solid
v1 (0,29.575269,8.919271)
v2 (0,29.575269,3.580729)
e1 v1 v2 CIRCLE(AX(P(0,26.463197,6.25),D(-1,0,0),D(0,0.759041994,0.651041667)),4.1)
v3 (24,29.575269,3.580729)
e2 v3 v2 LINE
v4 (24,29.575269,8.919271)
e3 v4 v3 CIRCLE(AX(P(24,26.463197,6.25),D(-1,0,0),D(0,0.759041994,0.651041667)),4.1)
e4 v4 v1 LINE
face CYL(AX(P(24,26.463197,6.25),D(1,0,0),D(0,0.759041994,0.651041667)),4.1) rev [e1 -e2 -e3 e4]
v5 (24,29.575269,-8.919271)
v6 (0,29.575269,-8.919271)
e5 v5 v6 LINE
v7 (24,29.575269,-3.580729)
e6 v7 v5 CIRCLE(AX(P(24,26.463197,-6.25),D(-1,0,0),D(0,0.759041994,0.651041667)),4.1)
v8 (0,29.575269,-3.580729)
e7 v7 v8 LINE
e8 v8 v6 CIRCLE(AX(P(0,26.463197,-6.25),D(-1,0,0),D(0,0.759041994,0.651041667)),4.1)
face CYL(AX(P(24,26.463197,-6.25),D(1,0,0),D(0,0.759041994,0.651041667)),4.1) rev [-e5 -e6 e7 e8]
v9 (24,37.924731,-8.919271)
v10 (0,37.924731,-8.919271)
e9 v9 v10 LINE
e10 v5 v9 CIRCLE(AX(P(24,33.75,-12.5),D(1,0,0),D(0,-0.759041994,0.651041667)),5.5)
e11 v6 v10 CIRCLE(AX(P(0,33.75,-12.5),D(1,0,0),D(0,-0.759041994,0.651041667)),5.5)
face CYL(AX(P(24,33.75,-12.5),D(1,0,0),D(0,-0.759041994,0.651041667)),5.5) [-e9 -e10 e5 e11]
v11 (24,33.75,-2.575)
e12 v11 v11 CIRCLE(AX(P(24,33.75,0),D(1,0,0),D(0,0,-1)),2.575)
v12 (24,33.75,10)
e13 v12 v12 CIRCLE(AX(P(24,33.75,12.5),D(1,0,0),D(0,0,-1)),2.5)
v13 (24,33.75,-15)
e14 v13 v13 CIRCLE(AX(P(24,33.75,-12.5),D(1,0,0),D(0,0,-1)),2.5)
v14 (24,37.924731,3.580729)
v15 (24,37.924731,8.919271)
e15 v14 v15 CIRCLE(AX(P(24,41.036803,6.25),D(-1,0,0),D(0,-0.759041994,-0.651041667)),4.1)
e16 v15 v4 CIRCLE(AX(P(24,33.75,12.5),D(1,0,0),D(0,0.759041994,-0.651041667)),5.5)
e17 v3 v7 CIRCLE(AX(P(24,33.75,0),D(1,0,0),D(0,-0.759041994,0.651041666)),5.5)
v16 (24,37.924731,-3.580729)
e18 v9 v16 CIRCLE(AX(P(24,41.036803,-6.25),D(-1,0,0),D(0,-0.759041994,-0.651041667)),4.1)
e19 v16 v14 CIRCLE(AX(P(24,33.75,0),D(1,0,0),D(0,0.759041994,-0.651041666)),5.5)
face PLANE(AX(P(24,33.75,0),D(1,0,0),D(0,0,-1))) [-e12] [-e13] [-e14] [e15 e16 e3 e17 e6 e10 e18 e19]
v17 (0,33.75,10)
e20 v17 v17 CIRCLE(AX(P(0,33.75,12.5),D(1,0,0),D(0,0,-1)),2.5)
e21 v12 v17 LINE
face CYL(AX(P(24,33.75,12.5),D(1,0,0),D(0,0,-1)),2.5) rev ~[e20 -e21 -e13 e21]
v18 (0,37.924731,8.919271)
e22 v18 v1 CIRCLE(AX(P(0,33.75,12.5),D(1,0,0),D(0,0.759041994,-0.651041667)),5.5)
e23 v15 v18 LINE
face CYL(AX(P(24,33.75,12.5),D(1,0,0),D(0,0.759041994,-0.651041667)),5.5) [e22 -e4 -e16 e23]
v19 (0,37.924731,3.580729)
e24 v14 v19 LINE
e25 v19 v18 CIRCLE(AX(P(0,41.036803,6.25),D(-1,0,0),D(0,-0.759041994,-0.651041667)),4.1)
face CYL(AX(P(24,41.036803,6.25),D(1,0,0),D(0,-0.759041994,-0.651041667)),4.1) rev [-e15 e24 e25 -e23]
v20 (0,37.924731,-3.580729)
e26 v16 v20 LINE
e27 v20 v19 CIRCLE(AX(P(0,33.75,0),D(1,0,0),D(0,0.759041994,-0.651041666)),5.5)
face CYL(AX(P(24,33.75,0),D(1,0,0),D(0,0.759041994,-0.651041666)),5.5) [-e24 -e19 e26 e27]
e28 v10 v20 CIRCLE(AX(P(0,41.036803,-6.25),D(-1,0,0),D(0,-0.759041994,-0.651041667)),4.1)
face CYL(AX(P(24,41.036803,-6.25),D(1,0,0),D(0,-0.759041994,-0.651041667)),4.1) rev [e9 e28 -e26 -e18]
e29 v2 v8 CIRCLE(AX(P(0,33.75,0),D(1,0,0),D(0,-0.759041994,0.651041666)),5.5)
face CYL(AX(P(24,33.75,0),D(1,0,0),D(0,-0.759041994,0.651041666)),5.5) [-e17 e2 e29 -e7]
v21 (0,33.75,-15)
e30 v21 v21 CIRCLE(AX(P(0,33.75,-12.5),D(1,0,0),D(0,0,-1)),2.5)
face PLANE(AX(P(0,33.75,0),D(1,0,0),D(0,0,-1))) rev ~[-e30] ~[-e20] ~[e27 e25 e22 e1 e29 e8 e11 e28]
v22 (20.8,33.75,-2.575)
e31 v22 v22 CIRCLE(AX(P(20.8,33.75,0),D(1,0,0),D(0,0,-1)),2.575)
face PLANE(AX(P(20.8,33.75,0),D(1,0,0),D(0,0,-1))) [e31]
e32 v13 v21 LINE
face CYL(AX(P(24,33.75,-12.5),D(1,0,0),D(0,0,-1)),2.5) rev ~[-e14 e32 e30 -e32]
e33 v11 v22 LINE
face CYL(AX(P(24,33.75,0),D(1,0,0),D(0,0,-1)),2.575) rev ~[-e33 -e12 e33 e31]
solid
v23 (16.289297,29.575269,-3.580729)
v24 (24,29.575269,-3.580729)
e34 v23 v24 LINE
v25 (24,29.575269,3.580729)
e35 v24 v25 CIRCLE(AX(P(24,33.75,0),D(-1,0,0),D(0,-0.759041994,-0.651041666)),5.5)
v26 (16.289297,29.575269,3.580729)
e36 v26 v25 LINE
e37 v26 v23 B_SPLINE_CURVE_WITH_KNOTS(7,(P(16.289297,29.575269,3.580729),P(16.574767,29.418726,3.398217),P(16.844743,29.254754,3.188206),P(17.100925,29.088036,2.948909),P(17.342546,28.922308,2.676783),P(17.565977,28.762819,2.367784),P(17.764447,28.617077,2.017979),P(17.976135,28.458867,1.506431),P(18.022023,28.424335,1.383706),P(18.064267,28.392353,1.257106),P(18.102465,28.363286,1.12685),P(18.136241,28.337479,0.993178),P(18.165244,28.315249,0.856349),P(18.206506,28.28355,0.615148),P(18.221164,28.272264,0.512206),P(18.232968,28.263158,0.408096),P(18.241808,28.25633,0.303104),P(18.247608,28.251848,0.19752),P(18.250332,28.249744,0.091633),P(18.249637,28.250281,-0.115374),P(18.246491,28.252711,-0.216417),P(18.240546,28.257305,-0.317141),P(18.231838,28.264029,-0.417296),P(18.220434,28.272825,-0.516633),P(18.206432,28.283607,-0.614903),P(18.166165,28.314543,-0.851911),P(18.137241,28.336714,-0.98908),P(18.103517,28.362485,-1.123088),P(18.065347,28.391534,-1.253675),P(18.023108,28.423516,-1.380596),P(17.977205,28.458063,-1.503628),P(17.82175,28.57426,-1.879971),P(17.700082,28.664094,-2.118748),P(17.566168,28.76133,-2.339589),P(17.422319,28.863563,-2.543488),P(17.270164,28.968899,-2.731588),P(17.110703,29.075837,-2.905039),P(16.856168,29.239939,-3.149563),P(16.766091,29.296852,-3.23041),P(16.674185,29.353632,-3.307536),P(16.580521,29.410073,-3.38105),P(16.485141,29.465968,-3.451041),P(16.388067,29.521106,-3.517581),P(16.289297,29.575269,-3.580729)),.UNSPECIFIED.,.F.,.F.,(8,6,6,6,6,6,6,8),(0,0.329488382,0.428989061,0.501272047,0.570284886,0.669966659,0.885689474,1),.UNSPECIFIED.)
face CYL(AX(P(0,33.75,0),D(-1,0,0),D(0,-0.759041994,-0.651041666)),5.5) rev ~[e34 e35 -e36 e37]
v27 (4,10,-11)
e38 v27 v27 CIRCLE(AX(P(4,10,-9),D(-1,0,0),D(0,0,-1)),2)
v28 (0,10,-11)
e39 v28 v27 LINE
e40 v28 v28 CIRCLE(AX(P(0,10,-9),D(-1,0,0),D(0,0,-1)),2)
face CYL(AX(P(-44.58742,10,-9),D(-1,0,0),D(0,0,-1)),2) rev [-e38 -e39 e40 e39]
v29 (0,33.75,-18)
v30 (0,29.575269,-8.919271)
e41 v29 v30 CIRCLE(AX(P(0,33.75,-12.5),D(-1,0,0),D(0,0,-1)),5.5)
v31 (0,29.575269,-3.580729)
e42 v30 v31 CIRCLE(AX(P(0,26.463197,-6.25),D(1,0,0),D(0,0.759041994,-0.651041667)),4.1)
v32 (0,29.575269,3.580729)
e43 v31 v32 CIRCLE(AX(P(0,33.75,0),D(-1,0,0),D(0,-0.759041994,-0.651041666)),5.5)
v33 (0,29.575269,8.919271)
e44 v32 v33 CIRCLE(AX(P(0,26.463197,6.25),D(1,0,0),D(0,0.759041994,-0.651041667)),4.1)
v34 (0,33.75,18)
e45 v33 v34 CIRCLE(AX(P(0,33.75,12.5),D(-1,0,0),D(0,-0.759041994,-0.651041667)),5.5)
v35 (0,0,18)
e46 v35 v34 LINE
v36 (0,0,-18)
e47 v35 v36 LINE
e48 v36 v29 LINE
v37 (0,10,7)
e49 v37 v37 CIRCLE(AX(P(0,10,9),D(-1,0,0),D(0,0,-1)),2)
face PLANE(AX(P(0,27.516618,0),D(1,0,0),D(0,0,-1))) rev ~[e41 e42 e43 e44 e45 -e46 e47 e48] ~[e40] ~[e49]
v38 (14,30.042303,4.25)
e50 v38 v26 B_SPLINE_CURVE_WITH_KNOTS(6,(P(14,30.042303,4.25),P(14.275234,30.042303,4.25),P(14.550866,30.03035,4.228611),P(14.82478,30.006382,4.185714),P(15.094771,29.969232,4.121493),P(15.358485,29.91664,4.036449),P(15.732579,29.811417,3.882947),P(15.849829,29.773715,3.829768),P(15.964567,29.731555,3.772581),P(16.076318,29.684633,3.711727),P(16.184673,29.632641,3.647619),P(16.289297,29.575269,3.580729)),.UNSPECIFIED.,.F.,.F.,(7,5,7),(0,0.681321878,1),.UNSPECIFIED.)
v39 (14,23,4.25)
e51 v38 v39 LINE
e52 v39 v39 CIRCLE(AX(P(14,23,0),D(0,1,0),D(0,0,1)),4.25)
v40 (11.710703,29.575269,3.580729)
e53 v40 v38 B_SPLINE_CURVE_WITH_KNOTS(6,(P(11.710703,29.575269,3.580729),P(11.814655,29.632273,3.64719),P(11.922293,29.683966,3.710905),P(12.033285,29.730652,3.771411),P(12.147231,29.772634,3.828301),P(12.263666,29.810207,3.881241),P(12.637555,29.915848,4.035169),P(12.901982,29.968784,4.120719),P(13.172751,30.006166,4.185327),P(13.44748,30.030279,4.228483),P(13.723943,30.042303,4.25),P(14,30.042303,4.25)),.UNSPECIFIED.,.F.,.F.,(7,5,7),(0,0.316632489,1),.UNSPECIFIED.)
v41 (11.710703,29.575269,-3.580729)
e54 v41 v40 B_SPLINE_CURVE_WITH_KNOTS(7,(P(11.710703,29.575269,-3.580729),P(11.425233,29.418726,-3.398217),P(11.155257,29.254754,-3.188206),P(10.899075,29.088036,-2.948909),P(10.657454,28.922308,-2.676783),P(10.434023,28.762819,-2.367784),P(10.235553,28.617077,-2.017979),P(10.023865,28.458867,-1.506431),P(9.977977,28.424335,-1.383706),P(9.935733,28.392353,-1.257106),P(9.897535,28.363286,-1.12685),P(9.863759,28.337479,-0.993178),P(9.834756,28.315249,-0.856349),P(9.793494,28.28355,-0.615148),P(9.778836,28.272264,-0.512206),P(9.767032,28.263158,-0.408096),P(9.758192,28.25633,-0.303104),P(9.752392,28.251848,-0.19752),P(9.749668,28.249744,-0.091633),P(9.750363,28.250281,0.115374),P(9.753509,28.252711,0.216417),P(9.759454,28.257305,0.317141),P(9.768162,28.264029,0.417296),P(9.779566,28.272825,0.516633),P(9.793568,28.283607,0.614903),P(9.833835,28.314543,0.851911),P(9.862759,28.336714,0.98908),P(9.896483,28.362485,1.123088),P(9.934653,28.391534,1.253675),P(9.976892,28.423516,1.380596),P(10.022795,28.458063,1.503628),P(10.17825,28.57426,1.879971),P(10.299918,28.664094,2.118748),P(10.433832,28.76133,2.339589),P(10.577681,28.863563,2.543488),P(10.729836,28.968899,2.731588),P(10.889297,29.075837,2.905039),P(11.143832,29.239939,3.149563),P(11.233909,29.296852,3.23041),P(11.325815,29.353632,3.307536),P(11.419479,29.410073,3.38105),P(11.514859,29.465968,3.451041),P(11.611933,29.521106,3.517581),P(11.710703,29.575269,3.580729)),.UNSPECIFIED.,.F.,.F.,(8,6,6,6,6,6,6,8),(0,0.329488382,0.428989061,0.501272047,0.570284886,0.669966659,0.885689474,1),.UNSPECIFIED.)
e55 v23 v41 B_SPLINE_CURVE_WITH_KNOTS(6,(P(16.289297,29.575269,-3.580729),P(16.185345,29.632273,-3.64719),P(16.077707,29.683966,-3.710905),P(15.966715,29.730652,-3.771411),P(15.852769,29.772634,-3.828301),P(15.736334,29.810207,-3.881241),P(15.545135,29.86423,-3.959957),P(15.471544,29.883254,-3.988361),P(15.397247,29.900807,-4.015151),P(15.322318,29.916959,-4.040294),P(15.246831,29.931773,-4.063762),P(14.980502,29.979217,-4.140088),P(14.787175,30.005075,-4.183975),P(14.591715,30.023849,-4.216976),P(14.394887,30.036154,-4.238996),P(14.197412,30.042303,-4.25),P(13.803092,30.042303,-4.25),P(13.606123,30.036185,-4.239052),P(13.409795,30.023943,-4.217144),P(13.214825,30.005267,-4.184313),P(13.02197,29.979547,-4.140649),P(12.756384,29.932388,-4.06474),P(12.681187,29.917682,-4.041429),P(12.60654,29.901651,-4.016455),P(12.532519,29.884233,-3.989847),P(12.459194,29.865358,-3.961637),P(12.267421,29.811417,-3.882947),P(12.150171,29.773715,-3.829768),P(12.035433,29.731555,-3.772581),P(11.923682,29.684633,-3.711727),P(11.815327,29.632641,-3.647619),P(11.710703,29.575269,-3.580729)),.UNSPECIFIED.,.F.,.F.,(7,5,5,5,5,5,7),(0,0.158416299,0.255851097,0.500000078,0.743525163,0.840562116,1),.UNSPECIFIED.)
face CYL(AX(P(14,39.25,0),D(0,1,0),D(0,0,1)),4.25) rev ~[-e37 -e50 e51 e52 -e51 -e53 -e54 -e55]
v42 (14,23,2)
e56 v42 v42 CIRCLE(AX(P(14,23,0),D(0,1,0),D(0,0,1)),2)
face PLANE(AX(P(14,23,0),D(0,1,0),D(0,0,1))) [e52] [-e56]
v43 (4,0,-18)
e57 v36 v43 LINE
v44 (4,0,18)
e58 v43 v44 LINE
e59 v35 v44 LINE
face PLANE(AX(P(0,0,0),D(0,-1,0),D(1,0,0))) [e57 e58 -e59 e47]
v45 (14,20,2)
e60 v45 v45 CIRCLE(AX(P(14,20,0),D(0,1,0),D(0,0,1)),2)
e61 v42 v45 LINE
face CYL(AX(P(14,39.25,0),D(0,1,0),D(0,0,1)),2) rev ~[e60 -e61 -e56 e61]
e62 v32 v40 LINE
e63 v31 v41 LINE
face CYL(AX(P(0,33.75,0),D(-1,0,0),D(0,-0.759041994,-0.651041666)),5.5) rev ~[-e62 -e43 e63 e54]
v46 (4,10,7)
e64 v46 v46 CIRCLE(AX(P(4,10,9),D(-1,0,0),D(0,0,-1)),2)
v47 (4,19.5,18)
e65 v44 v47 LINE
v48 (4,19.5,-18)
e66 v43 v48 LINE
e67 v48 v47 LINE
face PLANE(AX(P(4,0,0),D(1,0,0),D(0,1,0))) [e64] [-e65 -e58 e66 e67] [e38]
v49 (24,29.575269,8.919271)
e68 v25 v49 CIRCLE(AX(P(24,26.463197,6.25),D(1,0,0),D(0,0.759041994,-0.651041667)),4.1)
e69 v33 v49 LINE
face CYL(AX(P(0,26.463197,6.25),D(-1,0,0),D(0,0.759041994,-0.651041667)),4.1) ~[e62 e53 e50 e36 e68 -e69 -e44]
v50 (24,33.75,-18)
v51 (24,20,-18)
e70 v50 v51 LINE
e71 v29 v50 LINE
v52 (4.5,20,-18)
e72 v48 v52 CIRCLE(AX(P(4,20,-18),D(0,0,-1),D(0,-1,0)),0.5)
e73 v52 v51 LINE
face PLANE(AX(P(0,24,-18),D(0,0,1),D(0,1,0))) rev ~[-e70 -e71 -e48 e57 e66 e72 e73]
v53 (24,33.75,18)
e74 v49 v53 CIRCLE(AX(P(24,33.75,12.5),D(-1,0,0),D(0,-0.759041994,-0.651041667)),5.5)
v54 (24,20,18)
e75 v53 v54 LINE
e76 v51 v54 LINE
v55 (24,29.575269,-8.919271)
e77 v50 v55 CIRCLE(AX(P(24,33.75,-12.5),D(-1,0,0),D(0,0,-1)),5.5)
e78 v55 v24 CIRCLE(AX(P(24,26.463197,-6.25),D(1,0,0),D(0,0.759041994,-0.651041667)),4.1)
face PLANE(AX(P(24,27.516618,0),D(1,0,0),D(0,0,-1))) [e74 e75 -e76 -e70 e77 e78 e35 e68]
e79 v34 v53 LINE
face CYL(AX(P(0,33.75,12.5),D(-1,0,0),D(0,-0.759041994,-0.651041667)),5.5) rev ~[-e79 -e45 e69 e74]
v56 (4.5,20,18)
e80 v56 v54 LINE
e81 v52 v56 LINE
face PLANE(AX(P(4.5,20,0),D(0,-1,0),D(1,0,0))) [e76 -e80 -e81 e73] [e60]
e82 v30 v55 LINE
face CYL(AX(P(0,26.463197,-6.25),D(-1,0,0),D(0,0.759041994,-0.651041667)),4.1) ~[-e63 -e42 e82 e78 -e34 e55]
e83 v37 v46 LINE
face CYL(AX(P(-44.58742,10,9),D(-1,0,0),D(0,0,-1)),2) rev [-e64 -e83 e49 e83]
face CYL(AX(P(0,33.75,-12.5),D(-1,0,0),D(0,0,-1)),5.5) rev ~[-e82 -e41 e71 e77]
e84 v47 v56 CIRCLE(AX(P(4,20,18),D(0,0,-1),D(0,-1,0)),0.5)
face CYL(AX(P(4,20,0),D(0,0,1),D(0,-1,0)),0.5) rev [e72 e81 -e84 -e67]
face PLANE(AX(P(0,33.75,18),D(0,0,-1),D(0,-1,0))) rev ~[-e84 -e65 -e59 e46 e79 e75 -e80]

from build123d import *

# Parameters (mm, degrees)
BOSS_EXTRUDE1_DEPTH     = 18
BOSS_EXTRUDE2_DEPTH     = 24
BOSS_EXTRUDE3_DEPTH     = 24
SKETCH4_R               = 2.5
CUT_EXTRUDE1_DEPTH      = 50.402049553
SKETCH4_3_R             = 2.575
CUT_EXTRUDE2_DEPTH      = 3.2
CUT_EXTRUDE3_DEPTH      = 48.587419556
CUT_EXTRUDE3_DEPTH_BACK = 48.587419556
SKETCH6_R               = 2
SKETCH8_R               = 2
CUT_EXTRUDE4_DEPTH      = 50.402049553
SKETCH8_3_R             = 4.25
SKETCH8_3_R_2           = 2
CUT_EXTRUDE5_DEPTH      = 16.25


with BuildPart() as part:
    # Sketch1 → Boss-Extrude1 (new, symmetric)
    with BuildSketch(Plane.XY):
        with BuildLine():
            Line((0, 0), (4, 0))
            Line((4, 0), (4, 19.5))
            ThreePointArc((4, 19.5), (3.646446609, 20.353553391), (4.5, 20))
            Line((4.5, 20), (24, 20))
            Line((24, 20), (24, 24))
            Line((24, 24), (0, 24))
            Line((0, 24), (0, 0))
        make_face()
    extrude(amount=BOSS_EXTRUDE1_DEPTH, both=True)

    # Sketch9 → Boss-Extrude3 (add)
    with BuildSketch(Plane.ZY):
        with BuildLine():
            Line((-18, 24), (-18, 33.75))
            ThreePointArc((-18, 33.75), (-14.79738869, 28.752800263), (-8.919270833, 29.575269034))
            ThreePointArc((-8.919270833, 29.575269034), (-6.25, 30.56319686), (-3.580729167, 29.575269034))
            ThreePointArc((-3.580729167, 29.575269034), (0, 28.25), (3.580729167, 29.575269034))
            ThreePointArc((3.580729167, 29.575269034), (6.25, 30.56319686), (8.919270833, 29.575269034))
            ThreePointArc((8.919270833, 29.575269034), (14.79738869, 28.752800263), (18, 33.75))
            Line((18, 33.75), (18, 24))
            Line((18, 24), (-18, 24))
        make_face()
    extrude(amount=-BOSS_EXTRUDE3_DEPTH)

    # Sketch6 → Cut-Extrude3 (cut, two sides: drawn at the far end of the back side and taken through both)
    with BuildSketch(Plane(origin=(4, 0, 0), x_dir=(0, 0, -1), z_dir=(1, 0, 0)).offset(-CUT_EXTRUDE3_DEPTH_BACK)):
        with Locations((-9, 10)):
            Circle(SKETCH6_R)
        with Locations((9, 10)):
            Circle(SKETCH6_R)
    extrude(amount=CUT_EXTRUDE3_DEPTH + CUT_EXTRUDE3_DEPTH_BACK, mode=Mode.SUBTRACT)

    # Sketch8 → Cut-Extrude4 (cut, through all)
    with BuildSketch(Plane(origin=(0, 39.25, 0), x_dir=(1, 0, 0), z_dir=(0, 1, 0))):
        with Locations(Location((14, 0, 0), (0, 0, 270))):
            Circle(SKETCH8_R)
    extrude(amount=-CUT_EXTRUDE4_DEPTH, mode=Mode.SUBTRACT)

    # Sketch8<3> → Cut-Extrude5 (cut)
    with BuildSketch(Plane(origin=(0, 39.25, 0), x_dir=(1, 0, 0), z_dir=(0, 1, 0))):
        with Locations(Location((14, 0, 0), (0, 0, 270))):
            Circle(SKETCH8_3_R)
        with Locations(Location((14, 0, 0), (0, 0, 270))):
            Circle(SKETCH8_3_R_2, mode=Mode.SUBTRACT)
    extrude(amount=-CUT_EXTRUDE5_DEPTH, mode=Mode.SUBTRACT)


with BuildPart() as body_2:
    # Sketch3 → Boss-Extrude2 (new body)
    with BuildSketch(Plane.ZY.offset(-24)):
        with BuildLine():
            ThreePointArc((8.919270833, 29.575269034), (6.25, 30.56319686), (3.580729167, 29.575269034))
            ThreePointArc((3.580729167, 29.575269034), (0, 28.25), (-3.580729167, 29.575269034))
            ThreePointArc((-3.580729167, 29.575269034), (-6.25, 30.56319686), (-8.919270833, 29.575269034))
            ThreePointArc((-8.919270833, 29.575269034), (-18, 33.75), (-8.919270833, 37.924730966))
            ThreePointArc((-8.919270833, 37.924730966), (-6.25, 36.93680314), (-3.580729167, 37.924730966))
            ThreePointArc((-3.580729167, 37.924730966), (0, 39.25), (3.580729167, 37.924730966))
            ThreePointArc((3.580729167, 37.924730966), (6.25, 36.93680314), (8.919270833, 37.924730966))
            ThreePointArc((8.919270833, 37.924730966), (18, 33.75), (8.919270833, 29.575269034))
        make_face()
    extrude(amount=BOSS_EXTRUDE2_DEPTH)

    # Sketch4 → Cut-Extrude1 (cut, through all)
    with BuildSketch(Plane(origin=(24, 0, 0), x_dir=(0, 0, -1), z_dir=(1, 0, 0))):
        with Locations((-12.5, 33.75)):
            Circle(SKETCH4_R)
        with Locations((12.5, 33.75)):
            Circle(SKETCH4_R)
    extrude(amount=-CUT_EXTRUDE1_DEPTH, mode=Mode.SUBTRACT)

    # Sketch4<3> → Cut-Extrude2 (cut)
    with BuildSketch(Plane(origin=(24, 0, 0), x_dir=(0, 0, -1), z_dir=(1, 0, 0))):
        with Locations((0, 33.75)):
            Circle(SKETCH4_3_R)
    extrude(amount=-CUT_EXTRUDE2_DEPTH, mode=Mode.SUBTRACT)


solid = Compound([part.part, body_2.part])
